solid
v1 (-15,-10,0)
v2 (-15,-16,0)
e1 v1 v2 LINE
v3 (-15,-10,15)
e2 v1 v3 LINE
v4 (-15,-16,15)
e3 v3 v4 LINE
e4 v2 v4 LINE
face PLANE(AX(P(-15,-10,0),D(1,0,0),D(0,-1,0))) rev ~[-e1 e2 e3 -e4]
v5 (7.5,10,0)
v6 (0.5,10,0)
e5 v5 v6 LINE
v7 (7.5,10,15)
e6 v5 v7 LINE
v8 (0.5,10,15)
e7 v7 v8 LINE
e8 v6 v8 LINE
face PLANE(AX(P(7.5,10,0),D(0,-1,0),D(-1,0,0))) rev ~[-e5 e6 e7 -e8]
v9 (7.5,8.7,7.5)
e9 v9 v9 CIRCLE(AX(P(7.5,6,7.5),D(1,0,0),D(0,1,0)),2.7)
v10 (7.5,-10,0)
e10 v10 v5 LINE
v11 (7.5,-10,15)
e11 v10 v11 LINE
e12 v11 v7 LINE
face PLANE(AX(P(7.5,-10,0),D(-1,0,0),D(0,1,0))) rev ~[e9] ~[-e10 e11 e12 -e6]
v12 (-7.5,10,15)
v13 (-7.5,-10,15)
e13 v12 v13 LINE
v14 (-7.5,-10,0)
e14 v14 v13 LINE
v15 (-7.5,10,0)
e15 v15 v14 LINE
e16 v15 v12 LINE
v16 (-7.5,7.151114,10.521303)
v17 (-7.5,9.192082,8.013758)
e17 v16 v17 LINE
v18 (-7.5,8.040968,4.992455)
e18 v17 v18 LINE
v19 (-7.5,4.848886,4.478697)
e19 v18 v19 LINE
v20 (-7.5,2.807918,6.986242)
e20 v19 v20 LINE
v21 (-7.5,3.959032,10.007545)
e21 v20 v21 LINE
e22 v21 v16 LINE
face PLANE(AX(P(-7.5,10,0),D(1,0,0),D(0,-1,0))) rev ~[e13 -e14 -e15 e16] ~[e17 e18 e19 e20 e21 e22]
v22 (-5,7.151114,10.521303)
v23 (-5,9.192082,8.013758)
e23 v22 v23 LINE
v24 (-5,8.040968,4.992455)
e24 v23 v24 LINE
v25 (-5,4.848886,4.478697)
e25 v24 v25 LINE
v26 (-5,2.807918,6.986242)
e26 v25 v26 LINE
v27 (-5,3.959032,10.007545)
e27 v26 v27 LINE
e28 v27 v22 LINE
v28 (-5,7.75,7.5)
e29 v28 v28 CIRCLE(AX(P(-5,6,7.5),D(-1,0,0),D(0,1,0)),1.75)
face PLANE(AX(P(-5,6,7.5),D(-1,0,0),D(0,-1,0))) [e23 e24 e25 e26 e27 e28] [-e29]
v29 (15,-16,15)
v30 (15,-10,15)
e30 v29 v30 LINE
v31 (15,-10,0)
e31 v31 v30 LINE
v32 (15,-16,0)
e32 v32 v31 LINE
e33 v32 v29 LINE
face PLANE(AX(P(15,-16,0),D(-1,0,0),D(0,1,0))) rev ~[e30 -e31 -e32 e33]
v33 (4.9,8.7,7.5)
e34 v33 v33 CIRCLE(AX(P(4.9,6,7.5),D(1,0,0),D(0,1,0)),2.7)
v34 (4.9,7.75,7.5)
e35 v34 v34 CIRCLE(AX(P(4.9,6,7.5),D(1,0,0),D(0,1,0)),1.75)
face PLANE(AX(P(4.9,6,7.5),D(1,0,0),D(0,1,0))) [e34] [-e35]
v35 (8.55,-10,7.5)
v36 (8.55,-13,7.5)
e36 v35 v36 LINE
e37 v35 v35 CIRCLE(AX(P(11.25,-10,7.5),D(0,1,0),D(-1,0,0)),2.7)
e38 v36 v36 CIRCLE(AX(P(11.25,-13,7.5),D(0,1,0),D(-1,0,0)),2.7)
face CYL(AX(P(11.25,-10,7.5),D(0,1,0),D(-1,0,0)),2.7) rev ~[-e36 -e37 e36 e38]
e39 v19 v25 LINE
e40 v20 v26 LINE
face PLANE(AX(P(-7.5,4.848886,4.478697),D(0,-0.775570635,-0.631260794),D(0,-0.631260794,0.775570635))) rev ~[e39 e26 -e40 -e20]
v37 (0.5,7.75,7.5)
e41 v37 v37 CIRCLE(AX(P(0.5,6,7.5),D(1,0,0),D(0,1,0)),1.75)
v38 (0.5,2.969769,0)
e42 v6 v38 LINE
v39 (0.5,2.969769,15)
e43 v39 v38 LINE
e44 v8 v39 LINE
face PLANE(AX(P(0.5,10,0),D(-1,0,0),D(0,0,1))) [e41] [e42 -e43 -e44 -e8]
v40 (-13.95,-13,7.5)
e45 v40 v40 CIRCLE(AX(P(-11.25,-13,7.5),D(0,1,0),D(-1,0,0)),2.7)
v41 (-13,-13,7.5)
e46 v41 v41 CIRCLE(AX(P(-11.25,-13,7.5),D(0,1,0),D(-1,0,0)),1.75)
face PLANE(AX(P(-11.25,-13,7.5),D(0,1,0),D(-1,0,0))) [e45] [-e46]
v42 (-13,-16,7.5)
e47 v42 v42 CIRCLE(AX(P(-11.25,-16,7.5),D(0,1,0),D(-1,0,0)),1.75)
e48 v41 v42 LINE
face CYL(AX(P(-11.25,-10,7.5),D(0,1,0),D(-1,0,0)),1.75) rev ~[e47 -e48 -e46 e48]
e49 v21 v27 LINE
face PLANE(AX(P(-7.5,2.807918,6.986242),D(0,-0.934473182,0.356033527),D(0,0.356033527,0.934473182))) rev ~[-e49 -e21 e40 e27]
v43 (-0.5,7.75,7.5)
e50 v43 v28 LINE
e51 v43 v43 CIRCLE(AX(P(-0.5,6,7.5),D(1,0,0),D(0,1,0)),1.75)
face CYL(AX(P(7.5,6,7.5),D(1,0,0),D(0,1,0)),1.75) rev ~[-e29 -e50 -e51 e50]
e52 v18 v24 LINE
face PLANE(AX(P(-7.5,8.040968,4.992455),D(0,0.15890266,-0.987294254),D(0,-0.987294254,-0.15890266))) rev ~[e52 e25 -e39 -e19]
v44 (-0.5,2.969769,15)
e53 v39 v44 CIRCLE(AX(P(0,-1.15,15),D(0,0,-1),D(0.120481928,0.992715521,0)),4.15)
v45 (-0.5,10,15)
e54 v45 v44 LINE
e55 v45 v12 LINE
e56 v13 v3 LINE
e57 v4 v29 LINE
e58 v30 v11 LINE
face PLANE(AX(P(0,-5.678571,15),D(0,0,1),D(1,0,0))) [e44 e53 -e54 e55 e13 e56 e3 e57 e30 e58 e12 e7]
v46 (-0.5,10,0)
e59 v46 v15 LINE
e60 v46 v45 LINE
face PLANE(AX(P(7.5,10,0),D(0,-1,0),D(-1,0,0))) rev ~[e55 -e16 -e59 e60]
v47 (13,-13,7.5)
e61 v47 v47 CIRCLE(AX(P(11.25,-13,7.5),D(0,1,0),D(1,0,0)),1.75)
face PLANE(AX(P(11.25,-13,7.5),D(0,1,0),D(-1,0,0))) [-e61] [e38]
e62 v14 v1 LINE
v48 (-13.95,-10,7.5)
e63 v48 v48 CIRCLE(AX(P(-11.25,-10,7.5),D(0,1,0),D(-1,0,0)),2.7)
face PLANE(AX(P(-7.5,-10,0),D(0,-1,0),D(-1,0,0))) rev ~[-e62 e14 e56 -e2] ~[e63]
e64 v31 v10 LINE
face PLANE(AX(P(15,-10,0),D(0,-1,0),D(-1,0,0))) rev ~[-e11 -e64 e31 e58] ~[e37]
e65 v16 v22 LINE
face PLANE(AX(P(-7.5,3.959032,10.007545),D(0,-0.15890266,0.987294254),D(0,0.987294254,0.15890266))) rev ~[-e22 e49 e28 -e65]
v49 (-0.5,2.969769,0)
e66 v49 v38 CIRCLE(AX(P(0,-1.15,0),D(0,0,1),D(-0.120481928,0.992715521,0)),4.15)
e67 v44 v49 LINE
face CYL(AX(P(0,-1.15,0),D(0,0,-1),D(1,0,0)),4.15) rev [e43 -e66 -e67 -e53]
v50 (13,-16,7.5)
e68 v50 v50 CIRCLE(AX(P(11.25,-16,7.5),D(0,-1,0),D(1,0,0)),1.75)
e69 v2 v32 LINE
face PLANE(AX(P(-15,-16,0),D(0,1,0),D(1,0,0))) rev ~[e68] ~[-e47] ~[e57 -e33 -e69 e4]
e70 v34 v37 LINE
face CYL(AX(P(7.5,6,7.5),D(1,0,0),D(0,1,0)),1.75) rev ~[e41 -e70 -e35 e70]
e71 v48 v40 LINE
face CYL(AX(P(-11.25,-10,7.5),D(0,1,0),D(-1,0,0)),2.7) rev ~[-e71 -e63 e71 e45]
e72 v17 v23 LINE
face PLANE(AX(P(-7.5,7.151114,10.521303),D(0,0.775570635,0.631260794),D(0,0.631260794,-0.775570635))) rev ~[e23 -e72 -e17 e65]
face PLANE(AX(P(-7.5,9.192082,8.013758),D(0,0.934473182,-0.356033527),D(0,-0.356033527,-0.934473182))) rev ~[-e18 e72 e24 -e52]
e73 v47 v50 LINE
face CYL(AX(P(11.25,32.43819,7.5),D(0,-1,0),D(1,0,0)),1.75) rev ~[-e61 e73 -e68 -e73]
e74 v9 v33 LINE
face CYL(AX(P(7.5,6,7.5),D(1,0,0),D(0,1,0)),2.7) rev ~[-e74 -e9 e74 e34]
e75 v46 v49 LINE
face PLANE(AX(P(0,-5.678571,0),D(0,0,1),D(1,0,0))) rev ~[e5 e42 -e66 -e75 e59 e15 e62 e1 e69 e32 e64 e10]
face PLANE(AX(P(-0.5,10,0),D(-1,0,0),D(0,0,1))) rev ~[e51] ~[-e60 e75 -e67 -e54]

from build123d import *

# Parameters (mm, degrees)
F0_R      = 4.15
F1_DEPTH  = 15
F2_W      = 1
F2_H      = 15
F3_DEPTH  = 10
F6_D      = 3.5
F7_R      = 1.75
F8_DEPTH  = 25
F4_R      = 1.75
F9_DEPTH  = 22.501
F10_R     = 1.75
F11_DEPTH = 2.5
F4_R_2    = 2.7
F12_DEPTH = 2.6
F7_R_2    = 2.7
F13_DEPTH = 3
F5_R      = 2.7
F5_R_2    = 1.75
F14_DEPTH = 3


with BuildPart() as f1:
    # F0 (on Top) → F1 (new body)
    with BuildSketch(Plane.XY):
        Polygon((7.5, 10), (-7.5, 10), (-7.5, -10), (-15, -10), (-15, -16), (15, -16), (15, -10), (7.5, -10), align=None)
        with Locations((0, -1.15)):
            Circle(F0_R, mode=Mode.SUBTRACT)
    extrude(amount=F1_DEPTH)

    # F2 (on face) → F3 (cut)
    with BuildSketch(Plane(origin=(0, 10, 0), x_dir=(-1, 0, 0), z_dir=(0, 1, 0))):
        with Locations((0, 7.5)):
            Rectangle(F2_W, F2_H)
    extrude(amount=-F3_DEPTH, mode=Mode.SUBTRACT)

    # F6 (through all)
    with Locations(Plane(origin=(0, -10, 0), x_dir=(-1, 0, 0), z_dir=(0, 1, 0))):
        with Locations((-11.25, 7.5)):
            Hole(F6_D / 2)

    # F7 (on face) → F8 (cut)
    with BuildSketch(Plane(origin=(0, -10, 0), x_dir=(-1, 0, 0), z_dir=(0, 1, 0))):
        with Locations((11.25, 7.5)):
            Circle(F7_R)
    extrude(amount=-F8_DEPTH, mode=Mode.SUBTRACT)

    # F4 (on face) → F9 (cut, through all)
    with BuildSketch(Plane.YZ.offset(7.5)):
        with Locations((6, 7.5)):
            Circle(F4_R)
    extrude(amount=-F9_DEPTH, mode=Mode.SUBTRACT)

    # F10 (on face) → F11 (cut)
    with BuildSketch(Plane(origin=(-7.5, 0, 0), x_dir=(0, -1, 0), z_dir=(-1, 0, 0))):
        Polygon((-7.151114, 10.521303), (-9.192082, 8.013758), (-8.040968, 4.992455), (-4.848886, 4.478697), (-2.807918, 6.986242), (-3.959032, 10.007545), align=None)
        with Locations((-6, 7.5)):
            Circle(F10_R, mode=Mode.SUBTRACT)
    extrude(amount=-F11_DEPTH, mode=Mode.SUBTRACT)

    # F4 (on face) → F12 (cut)
    with BuildSketch(Plane.YZ.offset(7.5)):
        with Locations((6, 7.5)):
            Circle(F4_R_2)
        with Locations((6, 7.5)):
            Circle(F4_R, mode=Mode.SUBTRACT)
    extrude(amount=-F12_DEPTH, mode=Mode.SUBTRACT)

    # F7 (on face) → F13 (cut)
    with BuildSketch(Plane(origin=(0, -10, 0), x_dir=(-1, 0, 0), z_dir=(0, 1, 0))):
        with Locations((11.25, 7.5)):
            Circle(F7_R_2)
        with Locations((11.25, 7.5)):
            Circle(F7_R, mode=Mode.SUBTRACT)
    extrude(amount=-F13_DEPTH, mode=Mode.SUBTRACT)

    # F5 (on face) → F14 (cut)
    with BuildSketch(Plane(origin=(0, -10, 0), x_dir=(-1, 0, 0), z_dir=(0, 1, 0))):
        with Locations((-11.25, 7.5)):
            Circle(F5_R)
        with Locations((-11.25, 7.5)):
            Circle(F5_R_2, mode=Mode.SUBTRACT)
    extrude(amount=-F14_DEPTH, mode=Mode.SUBTRACT)


solid = f1.part
